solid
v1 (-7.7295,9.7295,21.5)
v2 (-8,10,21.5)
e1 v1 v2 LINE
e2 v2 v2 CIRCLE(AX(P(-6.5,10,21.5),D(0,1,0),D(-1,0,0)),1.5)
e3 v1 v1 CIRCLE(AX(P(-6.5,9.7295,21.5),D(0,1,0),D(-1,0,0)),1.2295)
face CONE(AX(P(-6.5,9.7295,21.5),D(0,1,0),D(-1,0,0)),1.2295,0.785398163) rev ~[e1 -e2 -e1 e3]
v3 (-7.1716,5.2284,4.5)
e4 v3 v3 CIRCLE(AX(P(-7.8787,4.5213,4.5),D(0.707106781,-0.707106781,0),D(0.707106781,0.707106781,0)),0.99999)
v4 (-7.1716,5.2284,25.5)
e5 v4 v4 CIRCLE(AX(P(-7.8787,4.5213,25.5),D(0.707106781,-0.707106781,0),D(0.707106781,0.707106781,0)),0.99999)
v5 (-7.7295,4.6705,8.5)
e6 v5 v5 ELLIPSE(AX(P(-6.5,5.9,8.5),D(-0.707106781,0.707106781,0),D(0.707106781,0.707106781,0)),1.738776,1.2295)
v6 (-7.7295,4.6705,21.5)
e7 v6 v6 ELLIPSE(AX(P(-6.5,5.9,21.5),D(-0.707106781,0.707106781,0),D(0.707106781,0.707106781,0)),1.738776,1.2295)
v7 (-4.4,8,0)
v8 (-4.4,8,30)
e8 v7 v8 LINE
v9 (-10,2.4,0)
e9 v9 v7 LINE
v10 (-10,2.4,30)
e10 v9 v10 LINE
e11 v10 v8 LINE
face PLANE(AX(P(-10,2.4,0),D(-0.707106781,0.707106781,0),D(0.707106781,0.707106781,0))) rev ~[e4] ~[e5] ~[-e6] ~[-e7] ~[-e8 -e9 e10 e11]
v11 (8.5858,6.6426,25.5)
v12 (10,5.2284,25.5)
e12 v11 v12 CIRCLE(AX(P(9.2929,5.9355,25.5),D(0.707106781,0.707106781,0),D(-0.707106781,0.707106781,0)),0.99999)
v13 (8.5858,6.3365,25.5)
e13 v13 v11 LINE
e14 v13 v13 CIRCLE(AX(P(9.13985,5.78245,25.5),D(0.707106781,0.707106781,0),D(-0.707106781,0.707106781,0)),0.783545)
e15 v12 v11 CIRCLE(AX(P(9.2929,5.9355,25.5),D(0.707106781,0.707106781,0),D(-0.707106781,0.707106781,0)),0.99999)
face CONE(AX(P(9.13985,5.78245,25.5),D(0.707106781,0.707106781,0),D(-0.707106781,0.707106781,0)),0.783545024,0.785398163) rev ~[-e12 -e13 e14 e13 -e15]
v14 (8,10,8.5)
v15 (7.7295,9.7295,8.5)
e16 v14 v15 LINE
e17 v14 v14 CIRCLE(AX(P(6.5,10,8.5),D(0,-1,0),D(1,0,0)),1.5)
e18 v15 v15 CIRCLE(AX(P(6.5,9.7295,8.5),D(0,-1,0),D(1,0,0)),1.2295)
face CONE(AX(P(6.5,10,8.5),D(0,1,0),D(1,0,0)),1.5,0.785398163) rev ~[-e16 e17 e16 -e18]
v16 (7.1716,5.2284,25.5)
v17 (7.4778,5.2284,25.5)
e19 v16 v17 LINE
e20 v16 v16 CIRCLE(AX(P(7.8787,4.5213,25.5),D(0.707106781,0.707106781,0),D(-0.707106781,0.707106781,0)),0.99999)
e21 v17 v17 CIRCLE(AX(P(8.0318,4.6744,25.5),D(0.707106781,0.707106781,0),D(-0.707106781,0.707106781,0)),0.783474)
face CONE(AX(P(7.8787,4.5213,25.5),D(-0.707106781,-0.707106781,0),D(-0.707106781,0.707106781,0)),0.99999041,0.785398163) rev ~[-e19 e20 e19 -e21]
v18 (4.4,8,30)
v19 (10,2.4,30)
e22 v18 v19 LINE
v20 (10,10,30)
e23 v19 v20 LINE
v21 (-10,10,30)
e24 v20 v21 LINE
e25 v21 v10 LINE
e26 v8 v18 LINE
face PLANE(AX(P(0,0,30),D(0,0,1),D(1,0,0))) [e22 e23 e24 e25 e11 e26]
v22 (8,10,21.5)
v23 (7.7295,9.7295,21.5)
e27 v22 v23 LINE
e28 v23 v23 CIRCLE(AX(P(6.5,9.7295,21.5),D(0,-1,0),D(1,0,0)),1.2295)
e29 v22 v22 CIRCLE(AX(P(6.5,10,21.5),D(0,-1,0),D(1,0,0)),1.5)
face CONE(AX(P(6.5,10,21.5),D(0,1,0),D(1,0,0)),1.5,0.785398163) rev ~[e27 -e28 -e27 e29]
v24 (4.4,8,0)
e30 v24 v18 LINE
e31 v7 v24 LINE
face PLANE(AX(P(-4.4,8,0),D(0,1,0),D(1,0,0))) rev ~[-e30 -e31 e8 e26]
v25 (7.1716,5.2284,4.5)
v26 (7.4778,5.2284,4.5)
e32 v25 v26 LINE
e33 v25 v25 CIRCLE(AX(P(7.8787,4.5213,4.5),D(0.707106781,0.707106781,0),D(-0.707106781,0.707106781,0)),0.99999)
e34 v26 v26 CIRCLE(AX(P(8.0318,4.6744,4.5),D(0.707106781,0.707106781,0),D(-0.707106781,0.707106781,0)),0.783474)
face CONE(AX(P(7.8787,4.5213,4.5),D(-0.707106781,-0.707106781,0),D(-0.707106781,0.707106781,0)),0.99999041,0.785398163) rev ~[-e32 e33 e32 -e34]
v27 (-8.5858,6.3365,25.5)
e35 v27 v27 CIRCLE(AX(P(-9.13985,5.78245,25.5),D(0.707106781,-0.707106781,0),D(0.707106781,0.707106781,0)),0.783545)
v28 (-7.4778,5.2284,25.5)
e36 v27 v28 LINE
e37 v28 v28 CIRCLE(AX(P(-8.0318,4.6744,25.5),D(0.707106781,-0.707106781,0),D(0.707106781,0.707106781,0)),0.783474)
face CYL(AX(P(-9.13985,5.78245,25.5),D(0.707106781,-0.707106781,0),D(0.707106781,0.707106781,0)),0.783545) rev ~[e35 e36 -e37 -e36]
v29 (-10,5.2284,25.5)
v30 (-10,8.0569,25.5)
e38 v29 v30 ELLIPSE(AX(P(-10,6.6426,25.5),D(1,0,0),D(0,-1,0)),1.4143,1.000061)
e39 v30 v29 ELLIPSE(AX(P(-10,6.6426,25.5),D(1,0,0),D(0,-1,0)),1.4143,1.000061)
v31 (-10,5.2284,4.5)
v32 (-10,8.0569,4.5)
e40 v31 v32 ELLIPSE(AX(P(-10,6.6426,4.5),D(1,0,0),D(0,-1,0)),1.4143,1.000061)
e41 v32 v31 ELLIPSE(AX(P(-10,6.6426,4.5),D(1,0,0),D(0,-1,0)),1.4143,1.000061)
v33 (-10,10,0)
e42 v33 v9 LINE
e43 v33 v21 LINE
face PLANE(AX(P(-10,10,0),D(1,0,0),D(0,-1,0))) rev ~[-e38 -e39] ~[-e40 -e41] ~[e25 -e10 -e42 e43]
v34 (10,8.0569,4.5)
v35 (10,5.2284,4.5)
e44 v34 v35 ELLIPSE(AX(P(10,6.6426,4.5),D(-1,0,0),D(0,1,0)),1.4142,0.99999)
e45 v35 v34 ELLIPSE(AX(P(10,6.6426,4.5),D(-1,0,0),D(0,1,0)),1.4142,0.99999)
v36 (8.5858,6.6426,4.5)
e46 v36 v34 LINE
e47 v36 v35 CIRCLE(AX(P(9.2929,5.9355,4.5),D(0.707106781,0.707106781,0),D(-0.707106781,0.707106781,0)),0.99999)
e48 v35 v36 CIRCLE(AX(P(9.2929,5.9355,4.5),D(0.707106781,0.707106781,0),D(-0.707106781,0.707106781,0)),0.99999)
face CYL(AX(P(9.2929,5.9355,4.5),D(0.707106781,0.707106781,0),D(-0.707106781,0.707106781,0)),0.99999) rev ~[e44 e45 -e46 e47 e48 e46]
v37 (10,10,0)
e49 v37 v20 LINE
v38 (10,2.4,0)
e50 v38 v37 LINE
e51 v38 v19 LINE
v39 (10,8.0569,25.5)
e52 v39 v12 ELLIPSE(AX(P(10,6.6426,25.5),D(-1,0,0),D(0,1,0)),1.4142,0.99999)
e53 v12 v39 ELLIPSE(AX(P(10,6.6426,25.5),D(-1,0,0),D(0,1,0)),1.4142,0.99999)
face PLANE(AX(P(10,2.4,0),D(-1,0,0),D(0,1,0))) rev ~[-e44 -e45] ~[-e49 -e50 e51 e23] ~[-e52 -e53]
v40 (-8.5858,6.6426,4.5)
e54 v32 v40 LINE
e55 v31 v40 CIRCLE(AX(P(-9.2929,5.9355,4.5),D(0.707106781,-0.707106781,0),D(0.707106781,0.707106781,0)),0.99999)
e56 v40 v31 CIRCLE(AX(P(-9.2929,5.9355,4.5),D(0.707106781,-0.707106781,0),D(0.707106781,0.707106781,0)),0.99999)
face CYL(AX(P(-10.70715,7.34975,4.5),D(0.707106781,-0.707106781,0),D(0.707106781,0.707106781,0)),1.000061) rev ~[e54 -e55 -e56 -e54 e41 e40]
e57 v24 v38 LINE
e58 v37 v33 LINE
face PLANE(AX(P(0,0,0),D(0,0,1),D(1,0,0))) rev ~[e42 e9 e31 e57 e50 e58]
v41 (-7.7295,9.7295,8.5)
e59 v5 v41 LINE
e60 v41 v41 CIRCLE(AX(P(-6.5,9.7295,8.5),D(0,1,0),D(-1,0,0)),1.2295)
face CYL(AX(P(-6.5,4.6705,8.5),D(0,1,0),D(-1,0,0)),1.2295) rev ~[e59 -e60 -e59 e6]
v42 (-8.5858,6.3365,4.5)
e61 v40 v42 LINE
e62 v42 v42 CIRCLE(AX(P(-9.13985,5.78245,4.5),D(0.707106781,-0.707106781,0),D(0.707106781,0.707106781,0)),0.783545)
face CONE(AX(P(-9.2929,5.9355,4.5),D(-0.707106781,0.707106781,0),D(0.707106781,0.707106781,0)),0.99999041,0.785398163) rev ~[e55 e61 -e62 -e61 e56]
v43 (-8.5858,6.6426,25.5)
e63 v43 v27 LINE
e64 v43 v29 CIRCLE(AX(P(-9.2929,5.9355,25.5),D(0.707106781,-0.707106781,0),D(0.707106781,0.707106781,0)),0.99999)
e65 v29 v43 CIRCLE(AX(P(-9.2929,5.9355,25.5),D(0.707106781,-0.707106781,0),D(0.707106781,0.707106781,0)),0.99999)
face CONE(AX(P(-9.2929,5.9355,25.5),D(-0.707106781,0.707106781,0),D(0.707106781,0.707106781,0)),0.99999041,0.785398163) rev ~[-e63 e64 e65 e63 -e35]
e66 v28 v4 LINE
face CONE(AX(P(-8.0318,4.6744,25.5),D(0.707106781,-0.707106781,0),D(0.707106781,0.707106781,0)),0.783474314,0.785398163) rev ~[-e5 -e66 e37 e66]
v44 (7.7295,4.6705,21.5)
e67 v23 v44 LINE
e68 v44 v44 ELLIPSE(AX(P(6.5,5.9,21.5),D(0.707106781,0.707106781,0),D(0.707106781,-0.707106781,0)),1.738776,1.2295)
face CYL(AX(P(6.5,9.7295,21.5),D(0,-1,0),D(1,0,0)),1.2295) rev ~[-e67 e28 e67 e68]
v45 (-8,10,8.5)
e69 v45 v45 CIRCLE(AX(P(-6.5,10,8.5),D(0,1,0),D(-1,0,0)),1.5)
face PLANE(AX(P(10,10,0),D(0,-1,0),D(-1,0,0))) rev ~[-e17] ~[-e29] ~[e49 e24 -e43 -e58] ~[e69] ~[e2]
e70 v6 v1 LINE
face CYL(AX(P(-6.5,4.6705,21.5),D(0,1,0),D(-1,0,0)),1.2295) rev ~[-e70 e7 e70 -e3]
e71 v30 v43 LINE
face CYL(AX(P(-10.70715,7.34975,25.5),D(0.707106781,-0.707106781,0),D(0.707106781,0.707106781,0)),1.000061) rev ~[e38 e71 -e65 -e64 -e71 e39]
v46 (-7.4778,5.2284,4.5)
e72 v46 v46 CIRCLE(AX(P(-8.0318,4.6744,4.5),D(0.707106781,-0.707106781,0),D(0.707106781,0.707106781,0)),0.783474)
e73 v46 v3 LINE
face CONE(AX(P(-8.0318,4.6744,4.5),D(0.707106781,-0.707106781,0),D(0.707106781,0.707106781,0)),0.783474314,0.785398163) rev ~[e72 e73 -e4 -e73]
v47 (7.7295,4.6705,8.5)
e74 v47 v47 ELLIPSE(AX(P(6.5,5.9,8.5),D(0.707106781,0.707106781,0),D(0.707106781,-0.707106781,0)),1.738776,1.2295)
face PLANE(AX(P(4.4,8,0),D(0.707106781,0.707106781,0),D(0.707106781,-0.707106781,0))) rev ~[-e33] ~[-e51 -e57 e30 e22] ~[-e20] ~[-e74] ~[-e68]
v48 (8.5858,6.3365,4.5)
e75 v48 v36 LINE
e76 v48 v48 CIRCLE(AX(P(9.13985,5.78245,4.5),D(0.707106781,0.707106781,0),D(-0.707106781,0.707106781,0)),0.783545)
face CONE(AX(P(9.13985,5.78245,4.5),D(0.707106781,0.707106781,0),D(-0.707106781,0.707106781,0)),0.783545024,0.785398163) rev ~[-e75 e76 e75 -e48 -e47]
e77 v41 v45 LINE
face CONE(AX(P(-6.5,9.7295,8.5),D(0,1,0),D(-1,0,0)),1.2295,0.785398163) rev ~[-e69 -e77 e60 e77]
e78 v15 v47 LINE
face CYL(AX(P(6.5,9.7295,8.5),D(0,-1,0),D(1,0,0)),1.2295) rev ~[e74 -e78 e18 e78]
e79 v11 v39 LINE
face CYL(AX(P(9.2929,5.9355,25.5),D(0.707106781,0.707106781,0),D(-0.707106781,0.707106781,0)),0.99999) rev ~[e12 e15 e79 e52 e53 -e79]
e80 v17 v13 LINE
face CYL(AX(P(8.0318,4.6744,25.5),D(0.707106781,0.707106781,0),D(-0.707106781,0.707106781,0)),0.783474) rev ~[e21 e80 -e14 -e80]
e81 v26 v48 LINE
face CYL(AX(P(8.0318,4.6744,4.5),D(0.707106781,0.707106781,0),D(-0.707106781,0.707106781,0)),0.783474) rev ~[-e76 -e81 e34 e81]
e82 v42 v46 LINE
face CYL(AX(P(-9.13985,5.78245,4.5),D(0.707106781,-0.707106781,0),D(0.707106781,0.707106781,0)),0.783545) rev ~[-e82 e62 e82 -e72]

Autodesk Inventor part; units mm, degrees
sketch "Sketch_1" plane through (0, 0, 0) normal (0, 0, 1) x (1, 0, 0)
  line L0 (-10, 2.4) -> (-4.4, 8)
  line L1 (-4.4, 8) -> (4.4, 8)
  line L2 (4.4, 8) -> (10, 2.4)
  line L3 (10, 2.4) -> (10, 10)
  line L4 (10, 10) -> (-10, 10)
  line L5 (-10, 10) -> (-10, 2.4)
extrude "Extrusion1" add sketch "Sketch_1" along normal blind 30
sketch "Sketch_8" plane through (0, 0, 8.5) normal (0, 0, 1) x (1, 0, 0)
  line L0 (-6.5, 10) -> (-6.5, 4.4)
  line L1 (-6.5, 4.4) -> (-8, 4.4)
  line L2 (-8, 4.4) -> (-7.7295, 4.6705)
  line L3 (-7.7295, 4.6705) -> (-7.7295, 9.7295)
  line L4 (-7.7295, 9.7295) -> (-8, 10)
  line L5 (-8, 10) -> (-6.5, 10)
  line L6 (-6.5, 10) -> (-6.5, 4.4)
revolve "Revolution1" cut sketch "Sketch_8" angle 360 about axis through (-6.5, 10, 8.5) along (0, 1, 0)
thread "Thread1" size "M3x0.5" class "6H" standard "ISO Metric profile" length 5.059
pattern_linear "Rectangular Pattern1" count 2 spacing 13 along (0, 0, 1) of "Revolution1"
sketch "Sketch_10" plane through (0, 0, 8.5) normal (0, 0, 1) x (1, 0, 0)
  line L0 (6.5, 4.4) -> (6.5, 10)
  line L1 (6.5, 10) -> (8, 10)
  line L2 (8, 10) -> (7.7295, 9.7295)
  line L3 (7.7295, 9.7295) -> (7.7295, 4.6705)
  line L4 (7.7295, 4.6705) -> (8, 4.4)
  line L5 (8, 4.4) -> (6.5, 4.4)
  line L6 (6.5, 4.4) -> (6.5, 10)
revolve "Revolution2" cut sketch "Sketch_10" angle 360 about axis through (6.5, 4.4, 8.5) along (0, -1, 0)
thread "Thread2" size "M3x0.5" class "6H" standard "ISO Metric profile" length 5.059
pattern_linear "Rectangular Pattern2" count 2 spacing 13 along (0, 0, 1) of "Revolution2"
sketch "Sketch_2" plane through (0, 0, 25.5) normal (0, 0, 1) x (1, 0, 0)
  line L0 (-7.8787, 4.5213) -> (-10.7071, 7.3497)
  line L1 (-10.7071, 7.3497) -> (-10, 8.0569)
  line L2 (-10, 8.0569) -> (-8.5858, 6.6426)
  line L3 (-8.5858, 6.6426) -> (-8.5858, 6.3365)
  line L4 (-8.5858, 6.3365) -> (-7.4778, 5.2284)
  line L5 (-7.4778, 5.2284) -> (-7.1716, 5.2284)
  line L6 (-7.1716, 5.2284) -> (-7.8787, 4.5213)
  line L7 (-7.8787, 4.5213) -> (-10.7071, 7.3497)
revolve "Revolution3" cut sketch "Sketch_2" angle 360 about axis through (-7.8787, 4.5213, 25.5) along (0.7071, -0.7071, 0)
thread "Thread3" size "M2x0.4" class "6H" standard "ISO Metric profile" full length
sketch "Sketch_4" plane through (0, 0, 25.5) normal (0, 0, 1) x (1, 0, 0)
  line L0 (10.7071, 7.3497) -> (7.8787, 4.5213)
  line L1 (7.8787, 4.5213) -> (7.1716, 5.2284)
  line L2 (7.1716, 5.2284) -> (7.4778, 5.2284)
  line L3 (7.4778, 5.2284) -> (8.5858, 6.3365)
  line L4 (8.5858, 6.3365) -> (8.5858, 6.6426)
  line L5 (8.5858, 6.6426) -> (10, 8.0569)
  line L6 (10, 8.0569) -> (10.7071, 7.3497)
  line L7 (10.7071, 7.3497) -> (7.8787, 4.5213)
revolve "Revolution4" cut sketch "Sketch_4" angle 360 about axis through (10.7071, 7.3497, 25.5) along (0.7071, 0.7071, 0)
thread "Thread4" size "M2x0.4" class "6H" standard "ISO Metric profile" full length
sketch "Sketch_3" plane through (0, 0, 4.5) normal (0, 0, 1) x (1, 0, 0)
  line L0 (-7.8787, 4.5213) -> (-10.7071, 7.3497)
  line L1 (-10.7071, 7.3497) -> (-10, 8.0569)
  line L2 (-10, 8.0569) -> (-8.5858, 6.6426)
  line L3 (-8.5858, 6.6426) -> (-8.5858, 6.3365)
  line L4 (-8.5858, 6.3365) -> (-7.4778, 5.2284)
  line L5 (-7.4778, 5.2284) -> (-7.1716, 5.2284)
  line L6 (-7.1716, 5.2284) -> (-7.8787, 4.5213)
  line L7 (-7.8787, 4.5213) -> (-10.7071, 7.3497)
revolve "Revolution5" cut sketch "Sketch_3" angle 360 about axis through (-7.8787, 4.5213, 4.5) along (0.7071, -0.7071, 0)
thread "Thread5" size "M2x0.4" class "6H" standard "ISO Metric profile" full length
sketch "Sketch_5" plane through (0, 0, 4.5) normal (0, 0, 1) x (1, 0, 0)
  line L0 (10.7071, 7.3497) -> (7.8787, 4.5213)
  line L1 (7.8787, 4.5213) -> (7.1716, 5.2284)
  line L2 (7.1716, 5.2284) -> (7.4778, 5.2284)
  line L3 (7.4778, 5.2284) -> (8.5858, 6.3365)
  line L4 (8.5858, 6.3365) -> (8.5858, 6.6426)
  line L5 (8.5858, 6.6426) -> (10, 8.0569)
  line L6 (10, 8.0569) -> (10.7071, 7.3497)
  line L7 (10.7071, 7.3497) -> (7.8787, 4.5213)
revolve "Revolution6" cut sketch "Sketch_5" angle 360 about axis through (10.7071, 7.3497, 4.5) along (0.7071, 0.7071, 0)
thread "Thread6" size "M2x0.4" class "6H" standard "ISO Metric profile" full length
ref_plane "to_d_XY" through (0, 0, 15) normal (0, 0, 1) x (1, 0, 0)
ref_plane "to_d_YZ" through (0, 0, 15) normal (1, 0, 0) x (0, 1, 0)
ref_plane "to_d_ZX" through (0, 0, 15) normal (0, 1, 0) x (0, 0, 1)
ref_plane "to_rail_XY" through (0, 0, 15) normal (0, 0, 1) x (1, 0, 0)
ref_plane "to_rail_YZ" through (0, 0, 15) normal (1, 0, 0) x (0, 1, 0)
ref_plane "to_rail_ZX" through (0, 0, 15) normal (0, 1, 0) x (0, 0, 1)
ref_plane "to_sc1_XY" through (-7.8787, 4.5213, 4.5) normal (0.7071, -0.7071, 0) x (-0.7071, -0.7071, 0)
ref_plane "to_sc1_YZ" through (-7.8787, 4.5213, 4.5) normal (-0.7071, -0.7071, 0) x (0, 0, -1)
ref_plane "to_sc1_ZX" through (-7.8787, 4.5213, 4.5) normal (0, 0, -1) x (0.7071, -0.7071, 0)
ref_plane "to_sc12_XY" through (7.8787, 4.5213, 4.5) normal (0.7071, 0.7071, 0) x (0.7071, -0.7071, 0)
ref_plane "to_sc12_YZ" through (7.8787, 4.5213, 4.5) normal (0.7071, -0.7071, 0) x (0, 0, -1)
ref_plane "to_sc12_ZX" through (7.8787, 4.5213, 4.5) normal (0, 0, -1) x (0.7071, 0.7071, 0)
ref_plane "tosc2_XY" through (-7.8787, 4.5213, 25.5) normal (0.7071, -0.7071, 0) x (-0.7071, -0.7071, 0)
ref_plane "tosc2_YZ" through (-7.8787, 4.5213, 25.5) normal (-0.7071, -0.7071, 0) x (0, 0, -1)
ref_plane "tosc2_ZX" through (-7.8787, 4.5213, 25.5) normal (0, 0, -1) x (0.7071, -0.7071, 0)
ref_plane "tosc22_XY" through (7.8787, 4.5213, 25.5) normal (0.7071, 0.7071, 0) x (0.7071, -0.7071, 0)
ref_plane "tosc22_YZ" through (7.8787, 4.5213, 25.5) normal (0.7071, -0.7071, 0) x (0, 0, -1)
ref_plane "tosc22_ZX" through (7.8787, 4.5213, 25.5) normal (0, 0, -1) x (0.7071, 0.7071, 0)
properties part number "JKSGB10_b_b"
